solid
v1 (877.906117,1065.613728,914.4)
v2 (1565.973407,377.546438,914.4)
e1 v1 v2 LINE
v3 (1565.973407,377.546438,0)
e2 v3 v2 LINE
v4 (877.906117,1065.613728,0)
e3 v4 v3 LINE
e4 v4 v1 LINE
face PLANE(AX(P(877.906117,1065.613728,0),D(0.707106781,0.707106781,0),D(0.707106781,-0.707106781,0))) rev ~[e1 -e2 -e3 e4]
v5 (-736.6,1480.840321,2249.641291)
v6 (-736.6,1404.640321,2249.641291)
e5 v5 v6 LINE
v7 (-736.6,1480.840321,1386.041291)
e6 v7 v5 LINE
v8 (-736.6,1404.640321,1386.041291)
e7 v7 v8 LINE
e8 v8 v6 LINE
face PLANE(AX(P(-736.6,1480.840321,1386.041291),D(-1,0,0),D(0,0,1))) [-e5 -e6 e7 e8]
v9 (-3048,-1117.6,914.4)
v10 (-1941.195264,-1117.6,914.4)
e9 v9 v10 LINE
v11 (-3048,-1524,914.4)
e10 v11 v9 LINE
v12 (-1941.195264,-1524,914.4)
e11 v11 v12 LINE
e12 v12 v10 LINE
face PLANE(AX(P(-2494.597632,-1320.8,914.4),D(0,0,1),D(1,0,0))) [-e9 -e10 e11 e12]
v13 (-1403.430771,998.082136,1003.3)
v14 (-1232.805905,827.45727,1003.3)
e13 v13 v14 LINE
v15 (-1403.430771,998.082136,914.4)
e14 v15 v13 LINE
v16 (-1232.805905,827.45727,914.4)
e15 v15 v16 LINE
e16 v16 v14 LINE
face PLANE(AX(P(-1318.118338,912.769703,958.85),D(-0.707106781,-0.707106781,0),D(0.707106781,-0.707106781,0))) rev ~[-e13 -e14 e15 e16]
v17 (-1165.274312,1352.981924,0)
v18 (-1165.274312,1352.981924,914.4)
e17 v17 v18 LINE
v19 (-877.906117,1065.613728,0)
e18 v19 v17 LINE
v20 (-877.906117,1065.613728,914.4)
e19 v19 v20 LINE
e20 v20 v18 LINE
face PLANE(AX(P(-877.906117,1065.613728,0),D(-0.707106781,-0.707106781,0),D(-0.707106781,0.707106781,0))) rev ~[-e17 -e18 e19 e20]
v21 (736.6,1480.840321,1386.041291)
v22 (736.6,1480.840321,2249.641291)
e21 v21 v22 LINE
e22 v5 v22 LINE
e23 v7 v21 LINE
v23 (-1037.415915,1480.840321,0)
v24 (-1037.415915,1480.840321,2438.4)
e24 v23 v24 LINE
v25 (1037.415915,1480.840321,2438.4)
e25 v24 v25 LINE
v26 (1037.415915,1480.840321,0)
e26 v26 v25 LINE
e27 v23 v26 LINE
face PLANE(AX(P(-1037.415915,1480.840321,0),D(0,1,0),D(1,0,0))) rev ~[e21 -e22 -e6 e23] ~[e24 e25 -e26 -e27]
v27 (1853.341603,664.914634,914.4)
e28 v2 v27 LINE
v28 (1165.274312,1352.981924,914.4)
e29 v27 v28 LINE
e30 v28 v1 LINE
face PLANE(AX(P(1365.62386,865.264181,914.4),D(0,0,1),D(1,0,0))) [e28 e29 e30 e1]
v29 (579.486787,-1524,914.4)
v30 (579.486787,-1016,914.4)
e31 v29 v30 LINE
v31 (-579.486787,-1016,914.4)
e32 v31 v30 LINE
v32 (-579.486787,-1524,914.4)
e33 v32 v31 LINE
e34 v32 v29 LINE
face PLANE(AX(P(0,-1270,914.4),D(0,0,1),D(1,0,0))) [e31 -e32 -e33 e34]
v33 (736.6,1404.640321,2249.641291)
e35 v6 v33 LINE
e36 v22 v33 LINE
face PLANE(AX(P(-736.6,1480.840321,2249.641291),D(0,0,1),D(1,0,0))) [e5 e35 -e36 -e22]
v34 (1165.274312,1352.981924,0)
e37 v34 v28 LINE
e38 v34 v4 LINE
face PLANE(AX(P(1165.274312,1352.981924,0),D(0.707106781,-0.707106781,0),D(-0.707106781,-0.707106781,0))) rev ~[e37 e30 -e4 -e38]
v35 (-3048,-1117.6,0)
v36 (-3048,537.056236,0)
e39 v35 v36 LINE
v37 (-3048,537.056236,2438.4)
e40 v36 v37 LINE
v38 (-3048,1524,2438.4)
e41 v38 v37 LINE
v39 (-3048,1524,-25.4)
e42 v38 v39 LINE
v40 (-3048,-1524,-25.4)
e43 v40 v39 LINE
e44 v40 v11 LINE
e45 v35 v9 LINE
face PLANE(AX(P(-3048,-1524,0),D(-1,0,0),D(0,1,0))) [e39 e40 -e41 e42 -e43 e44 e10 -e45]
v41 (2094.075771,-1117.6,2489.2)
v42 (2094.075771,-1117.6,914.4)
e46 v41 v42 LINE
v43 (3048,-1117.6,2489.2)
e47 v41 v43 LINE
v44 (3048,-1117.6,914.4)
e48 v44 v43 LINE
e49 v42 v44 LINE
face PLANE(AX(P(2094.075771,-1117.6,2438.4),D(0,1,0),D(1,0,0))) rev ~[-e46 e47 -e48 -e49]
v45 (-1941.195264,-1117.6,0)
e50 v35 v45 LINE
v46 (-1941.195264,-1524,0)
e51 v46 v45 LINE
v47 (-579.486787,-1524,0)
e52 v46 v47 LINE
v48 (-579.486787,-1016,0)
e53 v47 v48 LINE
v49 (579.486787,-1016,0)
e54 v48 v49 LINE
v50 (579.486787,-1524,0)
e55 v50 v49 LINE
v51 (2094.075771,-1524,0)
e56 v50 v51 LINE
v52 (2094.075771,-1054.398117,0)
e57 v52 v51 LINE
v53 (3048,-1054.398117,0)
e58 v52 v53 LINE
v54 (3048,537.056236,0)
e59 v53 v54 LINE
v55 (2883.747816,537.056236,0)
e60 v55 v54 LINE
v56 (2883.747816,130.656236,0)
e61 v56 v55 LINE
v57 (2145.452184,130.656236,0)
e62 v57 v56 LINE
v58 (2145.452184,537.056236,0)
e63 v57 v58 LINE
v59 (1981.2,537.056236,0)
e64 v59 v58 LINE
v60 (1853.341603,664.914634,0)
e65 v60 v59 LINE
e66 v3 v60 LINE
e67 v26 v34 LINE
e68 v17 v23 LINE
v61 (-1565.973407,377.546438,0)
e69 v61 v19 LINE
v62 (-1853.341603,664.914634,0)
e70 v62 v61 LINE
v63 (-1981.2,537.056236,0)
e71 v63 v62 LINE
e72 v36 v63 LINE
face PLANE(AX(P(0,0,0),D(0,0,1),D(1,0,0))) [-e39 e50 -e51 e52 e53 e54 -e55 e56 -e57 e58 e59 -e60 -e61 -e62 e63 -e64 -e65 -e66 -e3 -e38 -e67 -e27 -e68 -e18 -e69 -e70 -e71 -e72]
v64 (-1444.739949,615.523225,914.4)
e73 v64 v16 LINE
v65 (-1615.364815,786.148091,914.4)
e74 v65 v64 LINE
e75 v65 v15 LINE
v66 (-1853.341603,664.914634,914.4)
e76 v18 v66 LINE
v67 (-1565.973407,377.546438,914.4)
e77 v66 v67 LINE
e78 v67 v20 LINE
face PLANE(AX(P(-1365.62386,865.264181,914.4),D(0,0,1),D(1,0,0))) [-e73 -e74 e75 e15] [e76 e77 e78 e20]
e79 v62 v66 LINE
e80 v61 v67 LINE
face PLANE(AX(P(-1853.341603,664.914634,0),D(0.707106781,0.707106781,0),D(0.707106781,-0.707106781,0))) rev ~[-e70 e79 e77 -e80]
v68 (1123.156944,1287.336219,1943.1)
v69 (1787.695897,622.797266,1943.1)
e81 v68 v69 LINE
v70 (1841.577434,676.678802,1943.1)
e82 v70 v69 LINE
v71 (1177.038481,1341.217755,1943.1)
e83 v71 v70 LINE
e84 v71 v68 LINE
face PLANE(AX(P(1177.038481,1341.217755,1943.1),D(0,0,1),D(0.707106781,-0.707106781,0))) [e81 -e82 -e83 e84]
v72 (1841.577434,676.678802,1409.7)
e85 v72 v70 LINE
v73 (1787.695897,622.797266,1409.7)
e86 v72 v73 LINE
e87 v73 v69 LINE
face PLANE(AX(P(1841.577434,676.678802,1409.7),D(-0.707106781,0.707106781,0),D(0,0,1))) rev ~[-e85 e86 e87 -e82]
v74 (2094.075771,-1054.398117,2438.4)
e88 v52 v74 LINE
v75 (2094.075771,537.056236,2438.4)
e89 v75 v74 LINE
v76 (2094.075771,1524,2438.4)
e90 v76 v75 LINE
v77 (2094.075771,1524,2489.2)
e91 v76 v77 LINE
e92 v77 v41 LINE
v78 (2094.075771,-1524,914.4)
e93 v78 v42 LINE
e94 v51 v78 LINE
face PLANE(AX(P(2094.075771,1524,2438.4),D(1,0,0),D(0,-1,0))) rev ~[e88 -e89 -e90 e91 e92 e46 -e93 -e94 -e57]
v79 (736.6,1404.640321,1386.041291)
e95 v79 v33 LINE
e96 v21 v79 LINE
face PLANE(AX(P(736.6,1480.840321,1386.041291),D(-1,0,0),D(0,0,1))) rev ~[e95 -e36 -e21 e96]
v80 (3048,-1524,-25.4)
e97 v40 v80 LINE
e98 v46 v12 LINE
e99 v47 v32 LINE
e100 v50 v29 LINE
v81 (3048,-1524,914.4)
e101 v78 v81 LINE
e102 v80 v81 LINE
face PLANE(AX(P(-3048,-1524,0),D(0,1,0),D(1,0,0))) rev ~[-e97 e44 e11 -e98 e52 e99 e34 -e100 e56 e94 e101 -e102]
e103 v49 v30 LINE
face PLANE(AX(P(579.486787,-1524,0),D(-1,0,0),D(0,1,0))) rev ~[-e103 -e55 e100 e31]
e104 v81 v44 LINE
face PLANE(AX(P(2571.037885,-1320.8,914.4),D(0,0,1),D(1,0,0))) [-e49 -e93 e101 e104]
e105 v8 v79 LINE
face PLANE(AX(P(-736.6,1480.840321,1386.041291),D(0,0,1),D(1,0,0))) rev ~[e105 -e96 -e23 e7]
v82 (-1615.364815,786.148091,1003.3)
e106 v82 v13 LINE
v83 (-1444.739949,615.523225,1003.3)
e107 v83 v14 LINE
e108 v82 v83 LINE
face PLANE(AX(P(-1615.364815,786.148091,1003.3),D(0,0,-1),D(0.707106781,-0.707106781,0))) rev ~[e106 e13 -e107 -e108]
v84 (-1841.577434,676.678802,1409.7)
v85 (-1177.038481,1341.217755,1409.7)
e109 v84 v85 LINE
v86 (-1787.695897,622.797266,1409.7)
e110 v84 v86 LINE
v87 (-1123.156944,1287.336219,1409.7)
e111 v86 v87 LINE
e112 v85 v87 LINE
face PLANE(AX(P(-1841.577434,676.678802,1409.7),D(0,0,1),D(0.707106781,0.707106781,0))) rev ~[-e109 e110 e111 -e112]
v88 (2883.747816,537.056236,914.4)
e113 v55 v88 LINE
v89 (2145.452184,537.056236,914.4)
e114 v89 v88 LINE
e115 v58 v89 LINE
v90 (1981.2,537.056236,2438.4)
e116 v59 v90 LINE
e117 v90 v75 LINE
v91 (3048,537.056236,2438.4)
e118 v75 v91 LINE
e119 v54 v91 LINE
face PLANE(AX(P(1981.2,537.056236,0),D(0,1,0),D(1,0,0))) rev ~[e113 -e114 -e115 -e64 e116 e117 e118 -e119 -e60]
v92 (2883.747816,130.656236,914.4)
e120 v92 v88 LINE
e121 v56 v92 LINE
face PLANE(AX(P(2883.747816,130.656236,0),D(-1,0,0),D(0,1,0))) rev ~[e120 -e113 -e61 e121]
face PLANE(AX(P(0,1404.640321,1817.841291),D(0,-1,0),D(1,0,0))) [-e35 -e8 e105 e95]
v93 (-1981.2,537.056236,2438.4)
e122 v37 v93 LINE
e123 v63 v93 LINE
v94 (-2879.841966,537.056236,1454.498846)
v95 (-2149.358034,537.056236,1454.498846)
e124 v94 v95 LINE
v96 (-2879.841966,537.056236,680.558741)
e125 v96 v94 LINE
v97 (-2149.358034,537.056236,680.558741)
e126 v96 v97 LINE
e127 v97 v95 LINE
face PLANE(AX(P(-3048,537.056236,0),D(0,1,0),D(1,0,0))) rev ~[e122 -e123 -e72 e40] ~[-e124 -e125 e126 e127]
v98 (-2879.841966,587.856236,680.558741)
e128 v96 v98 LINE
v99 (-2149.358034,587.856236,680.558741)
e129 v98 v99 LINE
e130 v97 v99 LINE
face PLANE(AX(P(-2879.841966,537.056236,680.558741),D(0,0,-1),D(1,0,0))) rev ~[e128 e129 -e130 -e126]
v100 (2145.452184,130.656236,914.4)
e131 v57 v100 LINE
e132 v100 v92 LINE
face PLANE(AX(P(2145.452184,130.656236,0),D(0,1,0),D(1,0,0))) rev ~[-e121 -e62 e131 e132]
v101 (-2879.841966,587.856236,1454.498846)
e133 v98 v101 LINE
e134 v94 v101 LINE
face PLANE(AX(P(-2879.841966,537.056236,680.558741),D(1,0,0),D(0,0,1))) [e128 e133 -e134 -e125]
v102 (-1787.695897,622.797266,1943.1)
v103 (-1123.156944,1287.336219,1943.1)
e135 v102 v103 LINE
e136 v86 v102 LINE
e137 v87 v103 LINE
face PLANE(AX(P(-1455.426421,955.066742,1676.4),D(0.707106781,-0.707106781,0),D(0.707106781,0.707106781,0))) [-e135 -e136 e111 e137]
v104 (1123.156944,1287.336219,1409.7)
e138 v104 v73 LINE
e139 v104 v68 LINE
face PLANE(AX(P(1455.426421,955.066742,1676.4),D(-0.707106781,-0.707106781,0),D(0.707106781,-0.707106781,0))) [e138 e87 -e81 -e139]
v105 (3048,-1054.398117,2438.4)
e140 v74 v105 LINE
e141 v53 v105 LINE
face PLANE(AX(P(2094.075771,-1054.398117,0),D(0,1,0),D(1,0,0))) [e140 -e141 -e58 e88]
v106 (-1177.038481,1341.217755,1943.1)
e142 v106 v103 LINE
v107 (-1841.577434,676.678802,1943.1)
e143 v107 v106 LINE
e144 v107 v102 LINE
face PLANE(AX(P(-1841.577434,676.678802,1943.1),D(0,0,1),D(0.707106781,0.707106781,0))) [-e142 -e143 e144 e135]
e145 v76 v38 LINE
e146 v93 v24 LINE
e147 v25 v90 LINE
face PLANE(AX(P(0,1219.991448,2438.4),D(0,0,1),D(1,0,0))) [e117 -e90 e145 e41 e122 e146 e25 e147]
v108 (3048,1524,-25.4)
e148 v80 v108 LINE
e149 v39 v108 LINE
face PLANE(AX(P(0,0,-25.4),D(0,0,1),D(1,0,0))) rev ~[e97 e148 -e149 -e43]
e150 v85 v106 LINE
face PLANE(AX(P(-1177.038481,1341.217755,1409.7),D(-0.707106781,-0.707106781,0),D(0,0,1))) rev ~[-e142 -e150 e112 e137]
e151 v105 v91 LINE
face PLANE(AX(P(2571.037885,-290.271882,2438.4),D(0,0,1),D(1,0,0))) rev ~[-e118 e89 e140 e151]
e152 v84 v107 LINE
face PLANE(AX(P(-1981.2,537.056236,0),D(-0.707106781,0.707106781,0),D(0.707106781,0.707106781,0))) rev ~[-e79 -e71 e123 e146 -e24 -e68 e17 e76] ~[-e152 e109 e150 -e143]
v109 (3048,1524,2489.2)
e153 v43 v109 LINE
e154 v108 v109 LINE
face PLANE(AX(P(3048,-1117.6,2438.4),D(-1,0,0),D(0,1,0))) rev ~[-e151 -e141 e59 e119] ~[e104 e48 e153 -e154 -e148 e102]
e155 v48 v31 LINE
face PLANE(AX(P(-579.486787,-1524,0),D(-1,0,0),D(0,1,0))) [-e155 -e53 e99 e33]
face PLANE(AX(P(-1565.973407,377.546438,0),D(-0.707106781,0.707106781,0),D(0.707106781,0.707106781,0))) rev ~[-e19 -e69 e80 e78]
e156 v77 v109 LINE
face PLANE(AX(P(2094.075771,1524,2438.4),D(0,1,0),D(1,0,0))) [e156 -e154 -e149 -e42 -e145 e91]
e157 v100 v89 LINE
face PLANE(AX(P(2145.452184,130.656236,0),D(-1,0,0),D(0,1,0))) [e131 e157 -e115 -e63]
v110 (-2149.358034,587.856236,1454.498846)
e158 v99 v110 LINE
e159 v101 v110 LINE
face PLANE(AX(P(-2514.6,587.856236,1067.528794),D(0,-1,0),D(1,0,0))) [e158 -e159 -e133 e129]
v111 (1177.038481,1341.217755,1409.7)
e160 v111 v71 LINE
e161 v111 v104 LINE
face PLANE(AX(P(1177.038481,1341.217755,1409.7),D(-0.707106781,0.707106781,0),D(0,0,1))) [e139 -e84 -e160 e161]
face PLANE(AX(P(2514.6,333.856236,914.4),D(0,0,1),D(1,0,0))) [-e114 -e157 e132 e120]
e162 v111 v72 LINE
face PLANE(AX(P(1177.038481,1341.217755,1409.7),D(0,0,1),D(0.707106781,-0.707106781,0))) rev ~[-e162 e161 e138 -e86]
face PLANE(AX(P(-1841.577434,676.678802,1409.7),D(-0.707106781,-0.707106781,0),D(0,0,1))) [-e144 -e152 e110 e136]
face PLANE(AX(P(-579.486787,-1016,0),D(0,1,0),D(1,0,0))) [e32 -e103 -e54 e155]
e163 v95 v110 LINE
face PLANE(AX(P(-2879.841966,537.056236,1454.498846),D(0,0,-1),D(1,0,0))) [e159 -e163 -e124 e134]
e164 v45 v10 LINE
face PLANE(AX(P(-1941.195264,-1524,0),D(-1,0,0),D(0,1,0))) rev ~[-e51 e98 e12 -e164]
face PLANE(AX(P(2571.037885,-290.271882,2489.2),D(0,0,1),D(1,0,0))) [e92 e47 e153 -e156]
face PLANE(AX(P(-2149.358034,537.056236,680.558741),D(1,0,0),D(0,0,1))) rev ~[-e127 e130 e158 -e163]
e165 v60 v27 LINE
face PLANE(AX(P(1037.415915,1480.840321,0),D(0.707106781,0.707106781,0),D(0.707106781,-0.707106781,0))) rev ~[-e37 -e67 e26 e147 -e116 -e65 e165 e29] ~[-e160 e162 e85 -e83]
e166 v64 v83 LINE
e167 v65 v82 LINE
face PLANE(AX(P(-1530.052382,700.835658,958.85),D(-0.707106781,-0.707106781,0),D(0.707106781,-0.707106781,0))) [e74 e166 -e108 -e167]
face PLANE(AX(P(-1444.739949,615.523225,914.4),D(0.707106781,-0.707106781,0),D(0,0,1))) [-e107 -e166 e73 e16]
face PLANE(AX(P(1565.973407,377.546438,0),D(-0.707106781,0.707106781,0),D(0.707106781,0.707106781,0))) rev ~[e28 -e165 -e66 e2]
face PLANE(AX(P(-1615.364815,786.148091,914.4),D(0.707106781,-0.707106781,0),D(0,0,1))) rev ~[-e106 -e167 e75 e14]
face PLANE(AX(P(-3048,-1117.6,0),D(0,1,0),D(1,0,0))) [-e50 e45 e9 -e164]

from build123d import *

# Parameters (mm, degrees)
F2_DEPTH  = 2438.4
F1_W      = 953.9242294849
F1_H      = 63.2018825702
F1_W_2    = 1158.9735746384
F1_H_2    = 508
F3_DEPTH  = 914.4
F1_W_3    = 738.2956321716
F1_H_3    = 406.4
F0_W      = 6096
F0_H      = 3048
F4_DEPTH  = 25.4
F5_W      = 953.9242294849
F5_H      = 1654.6562362949
F5_H_2    = 986.9437637051
F6_DEPTH  = 50.8
F7_W      = 1473.2
F7_H      = 863.6
F8_DEPTH  = 76.2
F9_W      = 939.8
F9_H      = 533.4
F11_DEPTH = 76.2
F10_W     = 939.8
F10_H     = 533.4
F12_DEPTH = 76.2
F13_W     = 730.4839317322
F13_H     = 773.9401051014
F14_DEPTH = 50.8
F16_START = -254
F15_W     = 241.3
F15_H     = 88.9
F16_DEPTH = 299.72
F17_W     = 1106.8047355545
F17_H     = 406.4
F18_DEPTH = 914.4


with BuildPart() as f2:
    # F1 (on face) → F2 (new body)
    with BuildSketch(Plane.XY):
        Polygon((3048, 537.0562362949), (3048, 1524), (-3048, 1524), (-3048, 537.0562362949), (-1981.2, 537.0562362949), (-1853.3416025037, 664.9146337911), (-1165.2743124712, 1352.9819238236), (-1037.415914975, 1480.8403213199), (1037.415914975, 1480.8403213199), (1165.2743124712, 1352.9819238236), (1853.3416025037, 664.9146337911), (1981.2, 537.0562362949), (2145.4521839142, 537.0562362949), (2883.7478160858, 537.0562362949), align=None)
    extrude(amount=F2_DEPTH)

    # F1 (on face) → F3, piece 2 (join)
    with BuildSketch(Plane.XY):
        Polygon((-1165.2743124712, 1352.9819238236), (-1853.3416025037, 664.9146337911), (-1565.9734066295, 377.5464379169), (-877.906116597, 1065.6137279494), align=None)
        Polygon((1565.9734066295, 377.5464379169), (1853.3416025037, 664.9146337911), (1165.2743124712, 1352.9819238236), (877.906116597, 1065.6137279494), align=None)
        with Locations((2514.6, 333.8562362949)):
            Rectangle(F1_W_3, F1_H_3)
    extrude(amount=F3_DEPTH)



with BuildPart() as f2b:
    # F1 (on face) → F2, piece 2 (new body)
    with BuildSketch(Plane.XY):
        with Locations((2571.0378852575, -1085.9990587149)):
            Rectangle(F1_W, F1_H)
    extrude(amount=F2_DEPTH)

    # F1 (on face) → F3, piece 3 (join)
    with BuildSketch(Plane.XY):
        with Locations((2571.0378852575, -1320.8)):
            Rectangle(F1_W, F1_H_3)
    extrude(amount=F3_DEPTH)


with BuildPart() as f3:
    # F1 (on face) → F3 (new body)
    with BuildSketch(Plane.XY):
        with Locations((0, -1270)):
            Rectangle(F1_W_2, F1_H_2)
    extrude(amount=F3_DEPTH)


with BuildPart() as f2_1:
    add(f2.part)

    add(f2b.part)  # F4 merges F2b

    add(f3.part)  # F4 merges F3
    # F0 (on Top) → F4 (join)
    with BuildSketch(Plane.XY):
        Rectangle(F0_W, F0_H)
    extrude(amount=-F4_DEPTH)

    # F5 (on face) → F6 (join)
    with BuildSketch(Plane.XY.offset(2438.4)):
        with Locations((2571.0378852575, -290.2718818526)):
            Rectangle(F5_W, F5_H)
        with Locations((2571.0378852575, 1030.5281181474)):
            Rectangle(F5_W, F5_H_2)
    extrude(amount=F6_DEPTH)

    # F7 (on face) → F8 (join)
    with BuildSketch(Plane.XZ.offset(-1480.8403213199)):
        with Locations((0, 1817.8412914276)):
            Rectangle(F7_W, F7_H)
    extrude(amount=F8_DEPTH)

    # F9 (on face) → F11 (join)
    with BuildSketch(Plane(origin=(-1259.1281181474, 1259.1281181474, 0), x_dir=(0.7071067812, 0.7071067812, 0), z_dir=(0.7071067812, -0.7071067812, 0))):
        with Locations((-353.807721827, 1676.4)):
            Rectangle(F9_W, F9_H)
    extrude(amount=F11_DEPTH)

    # F10 (on face) → F12 (join)
    with BuildSketch(Plane(origin=(1259.1281181474, 1259.1281181474, 0), x_dir=(0.7071067812, -0.7071067812, 0), z_dir=(-0.7071067812, -0.7071067812, 0))):
        with Locations((353.807721827, 1676.4)):
            Rectangle(F10_W, F10_H)
    extrude(amount=F12_DEPTH)

    # F13 (on face) → F14 (cut)
    with BuildSketch(Plane.XZ.offset(-537.0562362949)):
        with Locations((-2514.6, 1067.5287936434)):
            Rectangle(F13_W, F13_H)
    extrude(amount=-F14_DEPTH, mode=Mode.SUBTRACT)

    # F15 (on face) → F16 (join)
    with BuildSketch(Plane(origin=(-594.2134843563, -594.2134843563, 0), x_dir=(0.7071067812, -0.7071067812, 0), z_dir=(-0.7071067812, -0.7071067812, 0)).offset(F16_START)):
        with Locations((-1577.4760614494, 958.85)):
            Rectangle(F15_W, F15_H)
    extrude(amount=-F16_DEPTH)

    # F17 (on face) → F18 (join)
    with BuildSketch(Plane.XY):
        with Locations((-2494.5976322227, -1320.8)):
            Rectangle(F17_W, F17_H)
    extrude(amount=F18_DEPTH)


solid = f2_1.part
